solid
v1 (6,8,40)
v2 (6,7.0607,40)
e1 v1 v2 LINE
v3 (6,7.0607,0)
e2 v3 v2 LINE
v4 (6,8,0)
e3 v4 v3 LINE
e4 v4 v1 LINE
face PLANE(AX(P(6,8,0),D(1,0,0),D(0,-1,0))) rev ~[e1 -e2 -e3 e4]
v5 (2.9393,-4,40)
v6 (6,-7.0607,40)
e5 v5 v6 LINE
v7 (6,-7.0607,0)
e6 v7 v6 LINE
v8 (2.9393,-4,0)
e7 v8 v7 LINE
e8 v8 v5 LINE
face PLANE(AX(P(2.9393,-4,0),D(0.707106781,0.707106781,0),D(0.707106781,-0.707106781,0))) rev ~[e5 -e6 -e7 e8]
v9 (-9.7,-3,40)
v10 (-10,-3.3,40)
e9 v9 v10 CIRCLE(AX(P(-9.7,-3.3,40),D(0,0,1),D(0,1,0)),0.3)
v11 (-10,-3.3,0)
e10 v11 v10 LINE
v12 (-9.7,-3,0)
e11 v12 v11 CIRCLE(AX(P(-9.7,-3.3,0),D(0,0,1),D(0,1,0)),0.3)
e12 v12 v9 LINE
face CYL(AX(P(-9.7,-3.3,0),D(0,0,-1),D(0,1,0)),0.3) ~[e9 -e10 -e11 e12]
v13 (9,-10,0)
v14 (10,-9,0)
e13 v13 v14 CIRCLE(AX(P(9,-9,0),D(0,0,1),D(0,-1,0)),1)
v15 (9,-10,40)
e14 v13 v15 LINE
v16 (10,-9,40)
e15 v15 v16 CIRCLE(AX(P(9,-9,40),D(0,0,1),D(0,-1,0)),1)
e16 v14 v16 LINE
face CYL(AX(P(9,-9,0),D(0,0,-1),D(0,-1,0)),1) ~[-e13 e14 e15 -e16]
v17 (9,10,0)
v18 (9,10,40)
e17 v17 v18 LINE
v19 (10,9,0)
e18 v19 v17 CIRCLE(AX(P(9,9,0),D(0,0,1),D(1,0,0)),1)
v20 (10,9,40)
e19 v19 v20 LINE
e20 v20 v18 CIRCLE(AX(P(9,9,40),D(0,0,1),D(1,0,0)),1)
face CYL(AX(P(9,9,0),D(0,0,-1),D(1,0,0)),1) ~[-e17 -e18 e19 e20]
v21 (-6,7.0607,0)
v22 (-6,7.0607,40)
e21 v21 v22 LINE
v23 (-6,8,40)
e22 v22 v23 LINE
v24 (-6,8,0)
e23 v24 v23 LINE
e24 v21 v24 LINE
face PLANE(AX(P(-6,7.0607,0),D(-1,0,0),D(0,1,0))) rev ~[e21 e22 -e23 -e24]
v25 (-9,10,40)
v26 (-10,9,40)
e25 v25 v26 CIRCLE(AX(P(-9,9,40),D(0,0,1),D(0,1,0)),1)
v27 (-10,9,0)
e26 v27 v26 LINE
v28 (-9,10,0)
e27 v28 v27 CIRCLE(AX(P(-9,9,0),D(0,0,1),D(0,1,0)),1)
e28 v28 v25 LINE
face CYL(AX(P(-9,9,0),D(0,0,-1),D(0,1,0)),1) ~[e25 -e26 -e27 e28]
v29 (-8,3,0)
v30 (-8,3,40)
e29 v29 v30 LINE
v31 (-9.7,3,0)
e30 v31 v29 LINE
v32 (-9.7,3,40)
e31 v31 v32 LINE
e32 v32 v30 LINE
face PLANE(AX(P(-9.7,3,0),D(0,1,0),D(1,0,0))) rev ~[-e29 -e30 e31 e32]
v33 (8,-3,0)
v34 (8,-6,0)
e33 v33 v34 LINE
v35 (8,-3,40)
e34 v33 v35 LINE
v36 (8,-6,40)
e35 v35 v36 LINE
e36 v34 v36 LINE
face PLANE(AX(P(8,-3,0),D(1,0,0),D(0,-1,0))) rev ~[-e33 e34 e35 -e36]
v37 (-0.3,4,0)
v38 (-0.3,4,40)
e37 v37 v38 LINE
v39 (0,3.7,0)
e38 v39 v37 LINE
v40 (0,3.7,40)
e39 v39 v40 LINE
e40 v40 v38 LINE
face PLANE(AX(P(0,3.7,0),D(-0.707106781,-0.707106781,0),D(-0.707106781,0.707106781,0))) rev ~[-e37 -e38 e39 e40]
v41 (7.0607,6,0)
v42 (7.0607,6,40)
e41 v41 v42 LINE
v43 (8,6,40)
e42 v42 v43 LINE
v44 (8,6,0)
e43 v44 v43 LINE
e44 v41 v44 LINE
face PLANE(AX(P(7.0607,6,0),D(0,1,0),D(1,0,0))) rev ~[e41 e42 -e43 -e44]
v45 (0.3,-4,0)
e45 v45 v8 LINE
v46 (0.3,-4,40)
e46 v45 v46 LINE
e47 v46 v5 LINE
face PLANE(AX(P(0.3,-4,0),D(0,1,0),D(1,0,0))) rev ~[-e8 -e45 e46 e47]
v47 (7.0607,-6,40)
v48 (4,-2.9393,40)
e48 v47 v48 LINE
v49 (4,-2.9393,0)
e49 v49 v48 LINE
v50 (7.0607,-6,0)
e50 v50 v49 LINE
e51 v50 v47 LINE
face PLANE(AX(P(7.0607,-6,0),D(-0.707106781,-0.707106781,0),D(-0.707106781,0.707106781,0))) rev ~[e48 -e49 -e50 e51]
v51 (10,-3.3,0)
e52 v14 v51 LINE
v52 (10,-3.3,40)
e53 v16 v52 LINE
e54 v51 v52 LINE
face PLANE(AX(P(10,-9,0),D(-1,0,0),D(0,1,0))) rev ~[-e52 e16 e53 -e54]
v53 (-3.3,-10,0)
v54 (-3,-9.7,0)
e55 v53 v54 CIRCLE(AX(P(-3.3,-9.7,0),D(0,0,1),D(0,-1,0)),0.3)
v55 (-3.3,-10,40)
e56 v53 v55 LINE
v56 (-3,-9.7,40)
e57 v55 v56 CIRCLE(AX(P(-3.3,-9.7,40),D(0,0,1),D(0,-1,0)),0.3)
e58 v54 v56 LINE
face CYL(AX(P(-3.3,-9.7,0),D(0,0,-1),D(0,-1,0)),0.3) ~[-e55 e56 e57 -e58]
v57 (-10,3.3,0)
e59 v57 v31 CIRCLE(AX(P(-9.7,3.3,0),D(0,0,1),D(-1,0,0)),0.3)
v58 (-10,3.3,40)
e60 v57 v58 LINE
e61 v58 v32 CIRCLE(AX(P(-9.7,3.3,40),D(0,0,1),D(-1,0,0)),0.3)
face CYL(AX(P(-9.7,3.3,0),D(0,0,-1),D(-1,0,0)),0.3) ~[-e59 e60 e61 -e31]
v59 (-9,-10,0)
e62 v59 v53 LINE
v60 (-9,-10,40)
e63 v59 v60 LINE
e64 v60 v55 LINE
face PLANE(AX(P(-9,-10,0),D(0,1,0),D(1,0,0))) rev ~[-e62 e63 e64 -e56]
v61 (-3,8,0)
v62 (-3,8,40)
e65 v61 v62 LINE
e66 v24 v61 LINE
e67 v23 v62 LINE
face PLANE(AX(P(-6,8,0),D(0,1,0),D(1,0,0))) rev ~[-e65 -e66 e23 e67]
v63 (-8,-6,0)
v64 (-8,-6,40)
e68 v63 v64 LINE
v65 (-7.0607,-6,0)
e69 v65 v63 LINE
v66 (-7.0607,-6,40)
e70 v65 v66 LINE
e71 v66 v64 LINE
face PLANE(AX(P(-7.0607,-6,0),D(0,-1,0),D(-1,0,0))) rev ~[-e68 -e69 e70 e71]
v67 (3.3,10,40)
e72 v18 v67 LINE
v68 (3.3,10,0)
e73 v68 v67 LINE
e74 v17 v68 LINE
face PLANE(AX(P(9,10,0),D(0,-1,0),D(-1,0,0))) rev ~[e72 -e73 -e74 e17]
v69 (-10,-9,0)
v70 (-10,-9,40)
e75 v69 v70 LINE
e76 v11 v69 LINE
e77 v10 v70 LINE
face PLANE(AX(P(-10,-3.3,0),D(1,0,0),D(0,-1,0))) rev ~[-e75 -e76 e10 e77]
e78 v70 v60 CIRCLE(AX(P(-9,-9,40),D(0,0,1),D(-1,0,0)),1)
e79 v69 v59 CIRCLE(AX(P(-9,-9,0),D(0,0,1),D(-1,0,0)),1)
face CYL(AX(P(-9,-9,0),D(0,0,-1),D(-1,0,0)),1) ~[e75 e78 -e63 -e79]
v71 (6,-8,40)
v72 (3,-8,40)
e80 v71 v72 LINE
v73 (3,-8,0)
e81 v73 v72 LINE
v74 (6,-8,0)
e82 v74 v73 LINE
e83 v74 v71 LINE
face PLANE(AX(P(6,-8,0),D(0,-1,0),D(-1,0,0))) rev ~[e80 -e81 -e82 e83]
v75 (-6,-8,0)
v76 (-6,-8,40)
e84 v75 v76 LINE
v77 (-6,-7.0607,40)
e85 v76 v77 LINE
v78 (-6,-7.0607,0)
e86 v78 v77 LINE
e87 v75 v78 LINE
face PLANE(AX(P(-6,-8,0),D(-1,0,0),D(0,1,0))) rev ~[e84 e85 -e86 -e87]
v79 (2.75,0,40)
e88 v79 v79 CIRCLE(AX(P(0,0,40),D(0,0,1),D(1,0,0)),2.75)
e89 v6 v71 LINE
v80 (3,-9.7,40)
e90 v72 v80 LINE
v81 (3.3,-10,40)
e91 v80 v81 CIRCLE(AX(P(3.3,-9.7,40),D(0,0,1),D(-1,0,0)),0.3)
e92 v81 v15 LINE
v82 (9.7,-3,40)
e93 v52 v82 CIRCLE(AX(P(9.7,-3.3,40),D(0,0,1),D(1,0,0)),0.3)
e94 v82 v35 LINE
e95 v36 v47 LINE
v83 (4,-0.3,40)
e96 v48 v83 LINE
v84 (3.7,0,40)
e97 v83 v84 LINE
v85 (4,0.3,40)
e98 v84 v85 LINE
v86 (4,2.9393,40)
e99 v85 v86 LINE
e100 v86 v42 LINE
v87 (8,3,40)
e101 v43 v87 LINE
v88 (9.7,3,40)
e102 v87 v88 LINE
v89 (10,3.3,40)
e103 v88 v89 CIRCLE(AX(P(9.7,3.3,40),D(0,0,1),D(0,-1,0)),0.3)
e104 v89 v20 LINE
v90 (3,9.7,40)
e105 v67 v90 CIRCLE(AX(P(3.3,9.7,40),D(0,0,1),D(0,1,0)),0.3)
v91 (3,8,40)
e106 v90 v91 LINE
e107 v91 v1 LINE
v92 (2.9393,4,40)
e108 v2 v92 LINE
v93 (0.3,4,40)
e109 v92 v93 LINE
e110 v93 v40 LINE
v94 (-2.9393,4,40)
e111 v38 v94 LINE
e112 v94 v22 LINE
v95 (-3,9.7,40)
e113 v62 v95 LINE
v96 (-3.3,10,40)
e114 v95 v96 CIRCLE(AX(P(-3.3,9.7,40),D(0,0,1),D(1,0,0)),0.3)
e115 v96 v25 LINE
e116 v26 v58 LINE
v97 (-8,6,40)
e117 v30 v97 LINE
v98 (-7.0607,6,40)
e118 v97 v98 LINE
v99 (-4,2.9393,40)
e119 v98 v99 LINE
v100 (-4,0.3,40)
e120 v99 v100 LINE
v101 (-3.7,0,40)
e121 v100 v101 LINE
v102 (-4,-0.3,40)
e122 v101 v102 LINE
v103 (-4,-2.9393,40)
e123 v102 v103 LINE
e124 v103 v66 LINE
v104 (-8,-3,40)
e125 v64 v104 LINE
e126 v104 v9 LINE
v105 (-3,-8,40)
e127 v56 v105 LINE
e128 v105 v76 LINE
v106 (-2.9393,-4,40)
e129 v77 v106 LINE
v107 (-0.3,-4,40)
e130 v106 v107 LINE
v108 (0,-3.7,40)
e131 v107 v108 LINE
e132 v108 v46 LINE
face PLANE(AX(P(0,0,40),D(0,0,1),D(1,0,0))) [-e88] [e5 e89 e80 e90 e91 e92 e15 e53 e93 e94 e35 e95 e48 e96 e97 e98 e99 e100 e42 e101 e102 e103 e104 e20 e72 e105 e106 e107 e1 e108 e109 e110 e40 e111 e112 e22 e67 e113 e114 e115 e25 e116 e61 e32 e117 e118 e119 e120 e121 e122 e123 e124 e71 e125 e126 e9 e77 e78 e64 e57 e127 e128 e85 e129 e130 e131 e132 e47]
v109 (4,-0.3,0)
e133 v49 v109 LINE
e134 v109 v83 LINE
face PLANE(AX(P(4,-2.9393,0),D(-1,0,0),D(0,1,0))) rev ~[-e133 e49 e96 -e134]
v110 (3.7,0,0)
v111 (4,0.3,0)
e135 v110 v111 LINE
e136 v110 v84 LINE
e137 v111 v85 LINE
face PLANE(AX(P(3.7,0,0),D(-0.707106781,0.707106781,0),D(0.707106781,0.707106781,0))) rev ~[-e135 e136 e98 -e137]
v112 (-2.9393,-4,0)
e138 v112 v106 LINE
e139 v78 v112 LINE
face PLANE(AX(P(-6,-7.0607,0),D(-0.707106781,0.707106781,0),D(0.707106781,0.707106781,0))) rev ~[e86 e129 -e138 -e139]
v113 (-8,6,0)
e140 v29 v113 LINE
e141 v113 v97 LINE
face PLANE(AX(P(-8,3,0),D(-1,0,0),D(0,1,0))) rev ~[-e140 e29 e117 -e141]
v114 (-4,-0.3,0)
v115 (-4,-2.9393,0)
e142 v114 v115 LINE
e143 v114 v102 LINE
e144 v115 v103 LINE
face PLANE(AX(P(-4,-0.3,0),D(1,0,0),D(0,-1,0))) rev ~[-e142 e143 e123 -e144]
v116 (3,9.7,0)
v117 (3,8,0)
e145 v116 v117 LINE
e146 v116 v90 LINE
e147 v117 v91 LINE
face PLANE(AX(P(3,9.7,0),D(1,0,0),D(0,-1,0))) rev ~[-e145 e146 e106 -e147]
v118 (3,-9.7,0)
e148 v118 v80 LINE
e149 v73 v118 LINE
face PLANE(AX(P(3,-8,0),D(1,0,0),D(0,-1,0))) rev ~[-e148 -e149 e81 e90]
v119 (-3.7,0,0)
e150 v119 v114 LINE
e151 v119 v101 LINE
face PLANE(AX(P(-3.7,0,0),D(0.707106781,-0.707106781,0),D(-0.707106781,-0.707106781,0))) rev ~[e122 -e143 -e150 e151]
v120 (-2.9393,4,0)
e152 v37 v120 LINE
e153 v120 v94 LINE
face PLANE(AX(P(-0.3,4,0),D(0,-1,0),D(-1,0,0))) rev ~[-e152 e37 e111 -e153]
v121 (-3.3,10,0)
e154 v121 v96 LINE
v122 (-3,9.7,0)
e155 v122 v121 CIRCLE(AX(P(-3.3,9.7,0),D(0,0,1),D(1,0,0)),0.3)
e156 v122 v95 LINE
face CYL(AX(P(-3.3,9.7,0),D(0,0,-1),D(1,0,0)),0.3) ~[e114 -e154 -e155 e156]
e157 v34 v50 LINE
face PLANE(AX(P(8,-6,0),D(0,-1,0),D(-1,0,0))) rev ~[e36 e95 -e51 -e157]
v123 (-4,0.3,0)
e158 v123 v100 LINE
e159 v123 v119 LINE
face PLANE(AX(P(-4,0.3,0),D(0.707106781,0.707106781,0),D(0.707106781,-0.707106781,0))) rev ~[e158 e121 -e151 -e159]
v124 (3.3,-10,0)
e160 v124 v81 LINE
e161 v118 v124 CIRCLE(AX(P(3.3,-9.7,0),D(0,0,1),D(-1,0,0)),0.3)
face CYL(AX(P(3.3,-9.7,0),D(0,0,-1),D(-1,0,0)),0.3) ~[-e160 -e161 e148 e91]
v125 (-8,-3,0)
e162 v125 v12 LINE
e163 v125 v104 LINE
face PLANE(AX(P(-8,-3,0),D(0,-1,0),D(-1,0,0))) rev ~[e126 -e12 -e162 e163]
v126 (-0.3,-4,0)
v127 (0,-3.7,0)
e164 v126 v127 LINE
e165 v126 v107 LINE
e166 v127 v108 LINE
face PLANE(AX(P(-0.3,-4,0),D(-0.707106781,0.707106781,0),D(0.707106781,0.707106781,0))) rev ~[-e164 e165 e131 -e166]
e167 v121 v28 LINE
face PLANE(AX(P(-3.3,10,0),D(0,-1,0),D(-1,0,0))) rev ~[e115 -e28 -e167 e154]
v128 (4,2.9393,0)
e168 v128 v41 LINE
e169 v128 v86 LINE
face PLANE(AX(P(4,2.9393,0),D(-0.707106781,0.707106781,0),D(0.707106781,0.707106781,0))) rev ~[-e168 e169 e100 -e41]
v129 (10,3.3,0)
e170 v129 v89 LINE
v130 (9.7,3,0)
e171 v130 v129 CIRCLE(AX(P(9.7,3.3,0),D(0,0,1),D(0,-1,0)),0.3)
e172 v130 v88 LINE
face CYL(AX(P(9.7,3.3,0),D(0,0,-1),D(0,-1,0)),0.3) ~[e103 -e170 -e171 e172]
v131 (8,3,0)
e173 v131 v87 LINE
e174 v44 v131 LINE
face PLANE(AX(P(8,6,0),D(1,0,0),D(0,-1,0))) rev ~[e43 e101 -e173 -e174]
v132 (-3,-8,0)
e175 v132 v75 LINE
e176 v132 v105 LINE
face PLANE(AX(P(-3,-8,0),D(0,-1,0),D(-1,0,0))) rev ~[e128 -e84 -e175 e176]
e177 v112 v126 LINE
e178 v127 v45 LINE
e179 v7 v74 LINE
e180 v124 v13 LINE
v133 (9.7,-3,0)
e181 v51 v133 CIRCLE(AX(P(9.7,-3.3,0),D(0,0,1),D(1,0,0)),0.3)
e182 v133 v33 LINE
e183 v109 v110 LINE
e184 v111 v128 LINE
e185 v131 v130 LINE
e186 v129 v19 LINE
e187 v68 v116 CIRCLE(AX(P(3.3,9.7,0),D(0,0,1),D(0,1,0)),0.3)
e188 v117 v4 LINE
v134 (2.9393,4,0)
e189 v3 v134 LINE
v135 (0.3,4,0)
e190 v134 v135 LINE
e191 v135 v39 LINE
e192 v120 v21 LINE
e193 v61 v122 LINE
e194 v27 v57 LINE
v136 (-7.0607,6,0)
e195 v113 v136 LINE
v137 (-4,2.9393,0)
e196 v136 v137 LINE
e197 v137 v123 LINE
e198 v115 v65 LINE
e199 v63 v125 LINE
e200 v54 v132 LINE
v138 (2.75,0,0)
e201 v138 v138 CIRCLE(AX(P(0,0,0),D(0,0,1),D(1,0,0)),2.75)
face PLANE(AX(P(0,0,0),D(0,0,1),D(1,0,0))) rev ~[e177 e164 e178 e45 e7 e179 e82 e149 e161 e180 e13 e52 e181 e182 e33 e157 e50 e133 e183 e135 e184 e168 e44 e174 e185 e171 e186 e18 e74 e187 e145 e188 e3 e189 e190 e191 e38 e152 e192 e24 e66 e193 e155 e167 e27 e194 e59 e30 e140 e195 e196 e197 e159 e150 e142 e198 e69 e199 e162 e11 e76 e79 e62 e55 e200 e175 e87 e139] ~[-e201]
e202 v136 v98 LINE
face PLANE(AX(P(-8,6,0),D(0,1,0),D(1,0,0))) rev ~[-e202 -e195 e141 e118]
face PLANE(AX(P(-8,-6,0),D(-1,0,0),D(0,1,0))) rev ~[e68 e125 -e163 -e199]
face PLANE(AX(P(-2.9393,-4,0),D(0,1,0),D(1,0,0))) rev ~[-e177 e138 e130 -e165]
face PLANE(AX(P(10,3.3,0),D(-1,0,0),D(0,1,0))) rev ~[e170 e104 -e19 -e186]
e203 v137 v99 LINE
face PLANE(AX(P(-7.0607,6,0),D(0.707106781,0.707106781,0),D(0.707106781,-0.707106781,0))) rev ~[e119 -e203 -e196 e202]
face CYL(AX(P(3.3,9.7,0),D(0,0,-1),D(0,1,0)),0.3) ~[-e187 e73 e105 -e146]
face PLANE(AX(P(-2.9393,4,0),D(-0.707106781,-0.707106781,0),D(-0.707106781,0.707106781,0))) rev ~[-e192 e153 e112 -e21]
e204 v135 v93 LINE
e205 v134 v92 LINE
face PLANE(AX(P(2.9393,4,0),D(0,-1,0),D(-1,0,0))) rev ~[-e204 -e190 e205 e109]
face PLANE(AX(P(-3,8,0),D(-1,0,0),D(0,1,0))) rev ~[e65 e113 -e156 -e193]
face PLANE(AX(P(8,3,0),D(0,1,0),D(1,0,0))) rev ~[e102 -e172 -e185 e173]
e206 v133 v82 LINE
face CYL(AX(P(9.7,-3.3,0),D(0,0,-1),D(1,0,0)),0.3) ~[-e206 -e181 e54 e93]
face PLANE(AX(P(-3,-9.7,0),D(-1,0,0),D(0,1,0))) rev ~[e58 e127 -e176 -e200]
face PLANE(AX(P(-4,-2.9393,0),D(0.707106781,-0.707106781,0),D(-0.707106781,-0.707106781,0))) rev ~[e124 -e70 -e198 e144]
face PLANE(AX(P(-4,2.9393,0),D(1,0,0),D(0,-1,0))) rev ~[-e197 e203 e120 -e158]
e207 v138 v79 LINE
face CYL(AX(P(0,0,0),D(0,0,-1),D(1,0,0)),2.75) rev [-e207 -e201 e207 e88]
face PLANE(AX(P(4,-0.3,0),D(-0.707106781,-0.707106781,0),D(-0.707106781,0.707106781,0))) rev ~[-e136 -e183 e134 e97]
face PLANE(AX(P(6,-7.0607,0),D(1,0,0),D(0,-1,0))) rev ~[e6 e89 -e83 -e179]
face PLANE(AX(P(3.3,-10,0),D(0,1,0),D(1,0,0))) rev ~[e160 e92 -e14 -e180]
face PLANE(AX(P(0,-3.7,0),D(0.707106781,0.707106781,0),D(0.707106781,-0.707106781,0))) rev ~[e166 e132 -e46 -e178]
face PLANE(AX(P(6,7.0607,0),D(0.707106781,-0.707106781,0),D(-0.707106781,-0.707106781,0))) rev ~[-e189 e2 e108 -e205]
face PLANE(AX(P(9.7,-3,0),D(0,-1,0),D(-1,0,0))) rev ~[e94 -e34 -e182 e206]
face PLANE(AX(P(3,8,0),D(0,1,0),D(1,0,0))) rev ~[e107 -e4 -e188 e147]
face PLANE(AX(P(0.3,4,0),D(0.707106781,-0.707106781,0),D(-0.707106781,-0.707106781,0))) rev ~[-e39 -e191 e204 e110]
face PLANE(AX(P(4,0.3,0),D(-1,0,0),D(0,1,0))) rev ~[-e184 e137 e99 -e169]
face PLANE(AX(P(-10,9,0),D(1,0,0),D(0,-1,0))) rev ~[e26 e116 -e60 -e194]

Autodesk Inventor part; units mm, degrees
ref_plane "Startebene" through (0, 0, 0) normal (0, 0, 1) x (1, 0, 0)
ref_plane "Endebene" through (0, 0, 320) normal (0, 0, 1) x (1, 0, 0)
ref_plane "Startebene1" through (0, 0, 0) normal (0, 0, 1) x (1, 0, 0)
ref_plane "Endebene1" through (0, 0, 40) normal (0, 0, 1) x (1, 0, 0)
ref_plane "Startebene2" through (0, 0, 0) normal (0, 0, 1) x (1, 0, 0)
ref_plane "Endebene2" through (0, 0, 40) normal (0, 0, 1) x (1, 0, 0)
ref_plane "Startebene3" through (0, 0, 0) normal (0, 0, 1) x (1, 0, 0)
ref_plane "Endebene3" through (0, 0, 40) normal (0, 0, 1) x (1, 0, 0)
sketch "Sketch_5" plane through (0, 0, 0) normal (0, 0, 1) x (1, 0, 0)
  line L0 (-10, 9) -> (-10, 3.3)
  arc A0 (-10, 3.3) -> (-9.7, 3) centre (-9.7, 3.3) ccw
  line L1 (-9.7, 3) -> (-8, 3)
  line L2 (-8, 3) -> (-8, 6)
  line L3 (-8, 6) -> (-7.0607, 6)
  line L4 (-7.0607, 6) -> (-4, 2.9393)
  line L5 (-4, 2.9393) -> (-4, 0.3)
  line L6 (-4, 0.3) -> (-3.7, 0)
  line L7 (-3.7, 0) -> (-4, -0.3)
  line L8 (-4, -0.3) -> (-4, -2.9393)
  line L9 (-4, -2.9393) -> (-7.0607, -6)
  line L10 (-7.0607, -6) -> (-8, -6)
  line L11 (-8, -6) -> (-8, -3)
  line L12 (-8, -3) -> (-9.7, -3)
  arc A1 (-9.7, -3) -> (-10, -3.3) centre (-9.7, -3.3) ccw
  line L13 (-10, -3.3) -> (-10, -9)
  arc A2 (-10, -9) -> (-9, -10) centre (-9, -9) ccw
  line L14 (-9, -10) -> (-3.3, -10)
  arc A3 (-3.3, -10) -> (-3, -9.7) centre (-3.3, -9.7) ccw
  line L15 (-3, -9.7) -> (-3, -8)
  line L16 (-3, -8) -> (-6, -8)
  line L17 (-6, -8) -> (-6, -7.0607)
  line L18 (-6, -7.0607) -> (-2.9393, -4)
  line L19 (-2.9393, -4) -> (-0.3, -4)
  line L20 (-0.3, -4) -> (0, -3.7)
  line L21 (0, -3.7) -> (0.3, -4)
  line L22 (0.3, -4) -> (2.9393, -4)
  line L23 (2.9393, -4) -> (6, -7.0607)
  line L24 (6, -7.0607) -> (6, -8)
  line L25 (6, -8) -> (3, -8)
  line L26 (3, -8) -> (3, -9.7)
  arc A4 (3, -9.7) -> (3.3, -10) centre (3.3, -9.7) ccw
  line L27 (3.3, -10) -> (9, -10)
  arc A5 (9, -10) -> (10, -9) centre (9, -9) ccw
  line L28 (10, -9) -> (10, -3.3)
  arc A6 (10, -3.3) -> (9.7, -3) centre (9.7, -3.3) ccw
  line L29 (9.7, -3) -> (8, -3)
  line L30 (8, -3) -> (8, -6)
  line L31 (8, -6) -> (7.0607, -6)
  line L32 (7.0607, -6) -> (4, -2.9393)
  line L33 (4, -2.9393) -> (4, -0.3)
  line L34 (4, -0.3) -> (3.7, 0)
  line L35 (3.7, 0) -> (4, 0.3)
  line L36 (4, 0.3) -> (4, 2.9393)
  line L37 (4, 2.9393) -> (7.0607, 6)
  line L38 (7.0607, 6) -> (8, 6)
  line L39 (8, 6) -> (8, 3)
  line L40 (8, 3) -> (9.7, 3)
  arc A7 (9.7, 3) -> (10, 3.3) centre (9.7, 3.3) ccw
  line L41 (10, 3.3) -> (10, 9)
  arc A8 (10, 9) -> (9, 10) centre (9, 9) ccw
  line L42 (9, 10) -> (3.3, 10)
  arc A9 (3.3, 10) -> (3, 9.7) centre (3.3, 9.7) ccw
  line L43 (3, 9.7) -> (3, 8)
  line L44 (3, 8) -> (6, 8)
  line L45 (6, 8) -> (6, 7.0607)
  line L46 (6, 7.0607) -> (2.9393, 4)
  line L47 (2.9393, 4) -> (0.3, 4)
  line L48 (0.3, 4) -> (0, 3.7)
  line L49 (0, 3.7) -> (-0.3, 4)
  line L50 (-0.3, 4) -> (-2.9393, 4)
  line L51 (-2.9393, 4) -> (-6, 7.0607)
  line L52 (-6, 7.0607) -> (-6, 8)
  line L53 (-6, 8) -> (-3, 8)
  line L54 (-3, 8) -> (-3, 9.7)
  arc A10 (-3, 9.7) -> (-3.3, 10) centre (-3.3, 9.7) ccw
  line L55 (-3.3, 10) -> (-9, 10)
  arc A11 (-9, 10) -> (-10, 9) centre (-9, 9) ccw
  circle A12 centre (0, 0) radius 2.75
  dimension "d2" = 5.5
  dimension "d3" = 10
  dimension "d4" = 10
  dimension "d5" = 5.7
  dimension "d6" = 5.7
  dimension "d7" = 1.7
  dimension "d8" = 3
  dimension "d9" = 0.3
  dimension "d10" = 90
  dimension "d11" = 45
  dimension "d12" = 45
  dimension "d13" = 45
  dimension "d14" = 90
  dimension "d15" = 90
  dimension "d16" = 45
  dimension "d17" = 45
  dimension "d18" = 45
  dimension "d19" = 45
  dimension "d20" = 90
  dimension "d21" = 90
  dimension "d22" = 45
  dimension "d23" = 45
  dimension "d24" = 90
  dimension "d25" = 90
  dimension "d26" = 90
  dimension "d27" = 90
  dimension "d28" = 90
  dimension "d29" = 90
  dimension "d30" = 90
  dimension "d31" = 90
  dimension "d32" = 90
  dimension "d33" = 90
  dimension "d34" = 90
  dimension "d35" = 90
  dimension "d36" = 90
  dimension "d37" = 90
  dimension "d38" = 90
  dimension "d39" = 4
  dimension "d40" = 6
  dimension "d41" = 13
  dimension "d42" = 14
  dimension "d43" = 16
  dimension "d44" = 18
  dimension "d45" = 3
  dimension "d46" = 9
  dimension "d47" = 7
  dimension "d48" = 1
  dimension "d49" = 7
  dimension "d50" = 1.5
  dimension "d51" = 1.8663
  dimension "d52" = 3.3663
  dimension "d53" = 1.5
  dimension "d54" = 1.8663
  dimension "d55" = 3.3663
  dimension "d56" = 4
  dimension "d57" = 10.8187
  dimension "d58" = 1.9092
  dimension "d59" = 5
  dimension "d60" = 13
  dimension "d61" = 13
  dimension "d62" = 16.0513
  dimension "d63" = 3.3234
  dimension "d64" = 14
  dimension "d65" = 12.685
extrude "Körper" add sketch "Sketch_5" along normal up to surface (40 mm away) from surface at 0
sketch "Skizze21" plane through (0, 0, 0) normal (0, 0, 1) x (1, 0, 0)
  line L0 (0, 0) -> (10, 0)
ref_plane "Arbeitsebene18" through (0, 0, 0) normal (0, -1, 0) x (1, 0, 0)
sketch "Skizze22" plane through (0, 0, 0) normal (0, -1, 0) x (1, 0, 0)
  line L0 (-14, 0) -> (14, 0)
  line L1 (-14, 40) -> (14, 40)
  dimension "d80" = 40
equation "\"G_OFFSET_START\" = 0"
equation "\"G_OFFSET_END\" = 0"
equation "\"G_L\" = d80"
equation "\"G_OFFSET_START1\" = 0"
equation "\"G_OFFSET_END1\" = 0"
equation "\"G_OFFSET_START2\" = 0"
equation "\"G_OFFSET_END2\" = 0"
equation "\"G_OFFSET_START3\" = 0"
equation "\"G_OFFSET_END3\" = 0"
properties part number "Alu Profil 20x20 - AP2020" material "Aluminium 6061"
